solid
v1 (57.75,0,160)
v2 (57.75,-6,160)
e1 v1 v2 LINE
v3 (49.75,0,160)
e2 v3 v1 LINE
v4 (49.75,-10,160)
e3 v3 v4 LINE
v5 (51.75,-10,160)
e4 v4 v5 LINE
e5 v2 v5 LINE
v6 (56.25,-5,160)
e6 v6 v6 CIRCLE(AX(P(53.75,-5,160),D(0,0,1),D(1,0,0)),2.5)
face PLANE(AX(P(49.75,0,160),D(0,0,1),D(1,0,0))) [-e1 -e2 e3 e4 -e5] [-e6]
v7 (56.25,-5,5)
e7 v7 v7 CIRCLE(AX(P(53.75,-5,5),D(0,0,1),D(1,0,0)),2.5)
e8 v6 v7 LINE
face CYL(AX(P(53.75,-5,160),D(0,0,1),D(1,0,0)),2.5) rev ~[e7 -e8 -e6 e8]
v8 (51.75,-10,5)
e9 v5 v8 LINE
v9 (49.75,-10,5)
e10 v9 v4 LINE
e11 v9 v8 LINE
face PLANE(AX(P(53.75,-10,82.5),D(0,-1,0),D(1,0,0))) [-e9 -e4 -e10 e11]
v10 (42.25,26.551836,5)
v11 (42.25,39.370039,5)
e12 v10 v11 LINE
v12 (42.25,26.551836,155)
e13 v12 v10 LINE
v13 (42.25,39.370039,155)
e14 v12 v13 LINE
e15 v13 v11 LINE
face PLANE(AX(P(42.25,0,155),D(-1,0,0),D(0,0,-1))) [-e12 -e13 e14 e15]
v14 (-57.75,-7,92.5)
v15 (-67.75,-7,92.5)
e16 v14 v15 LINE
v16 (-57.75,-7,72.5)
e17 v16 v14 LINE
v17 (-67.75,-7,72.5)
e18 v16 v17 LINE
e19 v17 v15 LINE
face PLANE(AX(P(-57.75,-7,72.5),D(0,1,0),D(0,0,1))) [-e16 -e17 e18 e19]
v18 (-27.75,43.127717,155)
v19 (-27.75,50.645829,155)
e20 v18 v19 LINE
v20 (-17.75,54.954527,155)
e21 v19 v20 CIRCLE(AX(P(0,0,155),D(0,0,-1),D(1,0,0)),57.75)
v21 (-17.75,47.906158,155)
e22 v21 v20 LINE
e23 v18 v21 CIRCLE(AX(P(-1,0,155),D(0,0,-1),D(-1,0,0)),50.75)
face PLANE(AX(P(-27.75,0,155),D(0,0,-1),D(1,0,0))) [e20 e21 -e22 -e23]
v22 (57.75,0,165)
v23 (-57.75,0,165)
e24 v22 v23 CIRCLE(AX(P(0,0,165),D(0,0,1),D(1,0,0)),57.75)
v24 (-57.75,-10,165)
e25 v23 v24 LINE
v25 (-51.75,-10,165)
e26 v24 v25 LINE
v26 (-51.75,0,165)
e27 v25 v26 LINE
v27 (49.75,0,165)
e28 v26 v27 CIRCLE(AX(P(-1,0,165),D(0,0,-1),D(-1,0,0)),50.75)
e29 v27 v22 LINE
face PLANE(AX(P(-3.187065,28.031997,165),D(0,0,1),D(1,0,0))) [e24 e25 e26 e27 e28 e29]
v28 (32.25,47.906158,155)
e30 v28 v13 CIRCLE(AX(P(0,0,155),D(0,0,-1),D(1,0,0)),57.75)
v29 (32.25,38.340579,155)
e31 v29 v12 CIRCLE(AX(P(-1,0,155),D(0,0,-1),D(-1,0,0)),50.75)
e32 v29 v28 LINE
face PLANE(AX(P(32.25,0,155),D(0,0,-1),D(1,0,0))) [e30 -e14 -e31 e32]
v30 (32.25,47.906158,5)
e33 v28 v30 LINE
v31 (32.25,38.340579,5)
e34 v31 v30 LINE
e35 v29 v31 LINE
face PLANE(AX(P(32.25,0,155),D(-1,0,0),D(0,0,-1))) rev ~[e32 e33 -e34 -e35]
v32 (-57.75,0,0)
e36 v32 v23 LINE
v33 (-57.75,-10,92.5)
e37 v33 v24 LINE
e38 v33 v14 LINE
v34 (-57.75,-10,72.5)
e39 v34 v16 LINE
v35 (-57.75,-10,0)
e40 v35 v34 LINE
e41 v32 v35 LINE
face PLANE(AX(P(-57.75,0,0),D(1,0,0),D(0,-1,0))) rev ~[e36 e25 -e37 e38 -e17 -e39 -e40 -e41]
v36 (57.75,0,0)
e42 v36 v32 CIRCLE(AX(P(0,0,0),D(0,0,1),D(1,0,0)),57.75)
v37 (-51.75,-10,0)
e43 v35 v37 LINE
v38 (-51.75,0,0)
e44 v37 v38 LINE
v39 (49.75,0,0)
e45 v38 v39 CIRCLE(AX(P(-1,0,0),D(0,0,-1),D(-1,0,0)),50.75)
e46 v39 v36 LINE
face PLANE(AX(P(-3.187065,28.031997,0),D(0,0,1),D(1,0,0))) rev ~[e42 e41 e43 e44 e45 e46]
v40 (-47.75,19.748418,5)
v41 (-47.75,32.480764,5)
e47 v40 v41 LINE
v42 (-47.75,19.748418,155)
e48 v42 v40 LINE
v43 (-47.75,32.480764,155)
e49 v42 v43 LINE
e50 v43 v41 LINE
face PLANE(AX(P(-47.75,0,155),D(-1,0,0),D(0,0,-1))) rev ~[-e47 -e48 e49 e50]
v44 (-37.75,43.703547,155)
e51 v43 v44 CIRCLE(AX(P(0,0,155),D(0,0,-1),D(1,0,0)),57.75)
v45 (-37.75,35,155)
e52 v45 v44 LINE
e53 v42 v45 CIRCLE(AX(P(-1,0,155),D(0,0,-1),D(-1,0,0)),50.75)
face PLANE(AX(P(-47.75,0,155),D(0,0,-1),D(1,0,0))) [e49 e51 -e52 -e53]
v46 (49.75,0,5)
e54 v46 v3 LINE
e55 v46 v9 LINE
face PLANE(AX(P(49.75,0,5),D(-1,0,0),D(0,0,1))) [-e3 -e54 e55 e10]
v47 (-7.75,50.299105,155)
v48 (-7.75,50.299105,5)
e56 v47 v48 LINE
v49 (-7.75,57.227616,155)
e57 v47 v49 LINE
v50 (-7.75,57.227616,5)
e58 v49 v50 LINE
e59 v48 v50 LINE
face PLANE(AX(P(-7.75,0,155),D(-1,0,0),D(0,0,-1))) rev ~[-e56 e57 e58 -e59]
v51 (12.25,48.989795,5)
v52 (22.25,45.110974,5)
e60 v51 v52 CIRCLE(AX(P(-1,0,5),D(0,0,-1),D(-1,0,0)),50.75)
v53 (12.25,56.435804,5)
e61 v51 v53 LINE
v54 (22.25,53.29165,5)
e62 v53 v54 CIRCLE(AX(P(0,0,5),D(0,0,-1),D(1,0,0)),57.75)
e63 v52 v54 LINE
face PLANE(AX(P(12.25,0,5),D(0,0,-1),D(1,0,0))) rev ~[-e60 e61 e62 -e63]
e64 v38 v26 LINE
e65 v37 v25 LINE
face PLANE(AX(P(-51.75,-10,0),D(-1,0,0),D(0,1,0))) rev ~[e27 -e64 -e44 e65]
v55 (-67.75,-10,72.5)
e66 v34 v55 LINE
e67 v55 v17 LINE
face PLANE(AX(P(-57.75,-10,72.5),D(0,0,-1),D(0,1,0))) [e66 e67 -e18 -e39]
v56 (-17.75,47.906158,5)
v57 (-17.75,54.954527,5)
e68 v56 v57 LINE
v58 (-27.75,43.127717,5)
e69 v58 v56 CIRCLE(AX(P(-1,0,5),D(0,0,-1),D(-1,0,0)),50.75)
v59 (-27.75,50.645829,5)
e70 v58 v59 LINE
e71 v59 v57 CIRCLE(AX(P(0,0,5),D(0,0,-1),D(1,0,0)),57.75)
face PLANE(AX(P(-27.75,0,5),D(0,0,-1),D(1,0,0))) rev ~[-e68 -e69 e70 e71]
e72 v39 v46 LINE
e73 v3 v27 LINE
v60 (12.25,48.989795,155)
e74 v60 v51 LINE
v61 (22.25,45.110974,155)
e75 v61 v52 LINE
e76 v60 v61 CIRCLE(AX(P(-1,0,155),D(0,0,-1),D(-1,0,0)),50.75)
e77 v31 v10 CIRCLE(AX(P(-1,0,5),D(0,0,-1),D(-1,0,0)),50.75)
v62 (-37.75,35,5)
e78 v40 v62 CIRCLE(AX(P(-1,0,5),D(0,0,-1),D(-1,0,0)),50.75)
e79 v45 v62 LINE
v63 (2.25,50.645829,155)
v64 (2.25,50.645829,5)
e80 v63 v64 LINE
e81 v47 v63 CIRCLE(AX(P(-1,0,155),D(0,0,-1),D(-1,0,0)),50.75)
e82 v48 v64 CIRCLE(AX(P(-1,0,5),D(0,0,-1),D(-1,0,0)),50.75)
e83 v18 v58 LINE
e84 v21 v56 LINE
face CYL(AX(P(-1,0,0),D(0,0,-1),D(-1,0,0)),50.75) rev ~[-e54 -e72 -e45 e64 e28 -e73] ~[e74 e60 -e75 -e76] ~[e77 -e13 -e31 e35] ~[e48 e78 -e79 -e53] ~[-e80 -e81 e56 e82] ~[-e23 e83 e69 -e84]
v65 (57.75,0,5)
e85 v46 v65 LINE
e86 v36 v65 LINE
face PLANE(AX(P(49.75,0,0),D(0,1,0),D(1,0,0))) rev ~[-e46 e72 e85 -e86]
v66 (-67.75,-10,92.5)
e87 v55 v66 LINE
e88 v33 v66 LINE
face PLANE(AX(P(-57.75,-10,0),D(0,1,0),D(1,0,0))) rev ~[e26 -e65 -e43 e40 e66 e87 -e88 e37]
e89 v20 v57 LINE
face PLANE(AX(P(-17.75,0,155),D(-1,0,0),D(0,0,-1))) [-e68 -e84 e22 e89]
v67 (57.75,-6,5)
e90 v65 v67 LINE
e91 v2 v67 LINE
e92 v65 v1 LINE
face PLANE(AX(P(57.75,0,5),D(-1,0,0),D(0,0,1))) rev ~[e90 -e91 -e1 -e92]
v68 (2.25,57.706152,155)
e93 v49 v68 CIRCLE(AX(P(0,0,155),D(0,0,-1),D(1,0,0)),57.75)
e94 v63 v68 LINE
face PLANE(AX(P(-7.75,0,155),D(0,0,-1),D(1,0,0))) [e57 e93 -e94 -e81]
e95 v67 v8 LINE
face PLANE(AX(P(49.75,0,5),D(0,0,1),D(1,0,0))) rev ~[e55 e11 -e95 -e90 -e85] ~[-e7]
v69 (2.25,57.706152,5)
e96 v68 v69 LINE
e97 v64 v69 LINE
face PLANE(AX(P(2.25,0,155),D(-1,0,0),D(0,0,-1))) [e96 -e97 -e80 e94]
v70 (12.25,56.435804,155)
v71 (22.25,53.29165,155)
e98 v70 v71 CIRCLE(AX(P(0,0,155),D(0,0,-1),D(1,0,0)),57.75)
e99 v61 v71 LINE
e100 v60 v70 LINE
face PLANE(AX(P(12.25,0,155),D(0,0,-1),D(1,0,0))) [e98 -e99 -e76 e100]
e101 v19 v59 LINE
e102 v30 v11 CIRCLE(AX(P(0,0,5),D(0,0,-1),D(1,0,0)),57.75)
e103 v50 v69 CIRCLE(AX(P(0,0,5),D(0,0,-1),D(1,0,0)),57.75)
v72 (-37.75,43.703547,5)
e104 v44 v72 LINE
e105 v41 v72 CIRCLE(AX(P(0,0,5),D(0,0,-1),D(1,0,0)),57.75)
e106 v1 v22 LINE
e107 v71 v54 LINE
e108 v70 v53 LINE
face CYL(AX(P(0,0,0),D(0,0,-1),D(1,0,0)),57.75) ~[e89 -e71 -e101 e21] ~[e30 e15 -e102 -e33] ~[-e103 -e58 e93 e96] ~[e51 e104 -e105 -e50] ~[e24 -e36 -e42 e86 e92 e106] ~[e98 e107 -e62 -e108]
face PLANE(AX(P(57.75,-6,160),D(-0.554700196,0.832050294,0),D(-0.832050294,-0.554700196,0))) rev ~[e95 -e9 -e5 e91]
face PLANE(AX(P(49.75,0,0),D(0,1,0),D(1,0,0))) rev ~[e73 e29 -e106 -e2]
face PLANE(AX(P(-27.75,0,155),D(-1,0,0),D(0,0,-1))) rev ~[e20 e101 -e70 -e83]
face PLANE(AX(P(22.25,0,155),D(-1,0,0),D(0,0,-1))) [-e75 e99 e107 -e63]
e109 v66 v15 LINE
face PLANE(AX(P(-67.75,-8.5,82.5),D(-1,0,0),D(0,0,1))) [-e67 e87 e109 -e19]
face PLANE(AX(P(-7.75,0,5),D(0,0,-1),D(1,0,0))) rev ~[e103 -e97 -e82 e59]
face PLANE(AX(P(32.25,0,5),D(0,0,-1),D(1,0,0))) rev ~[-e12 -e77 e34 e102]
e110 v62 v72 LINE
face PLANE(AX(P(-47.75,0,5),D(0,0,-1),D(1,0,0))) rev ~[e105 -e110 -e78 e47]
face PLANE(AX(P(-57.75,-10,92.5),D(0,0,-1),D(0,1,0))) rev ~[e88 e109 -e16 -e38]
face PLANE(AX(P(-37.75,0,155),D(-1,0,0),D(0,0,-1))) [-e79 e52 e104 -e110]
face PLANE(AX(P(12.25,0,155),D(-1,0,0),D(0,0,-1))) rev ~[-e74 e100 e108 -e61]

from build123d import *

# Parameters (mm, degrees)
EXTRUDE_1_DEPTH     = 165
SKETCH_2_W          = 10
SKETCH_2_H          = 150
CUT_EXTRUDE_1_DEPTH = 185.106287236
SKETCH_3_W          = 8
SKETCH_3_H          = 155
EXTRUDE_2_DEPTH     = 10
SKETCH_4_R          = 2.5
CUT_EXTRUDE_2_DEPTH = 180.638873855
SKETCH_5_W          = 20
SKETCH_5_H          = 3
EXTRUDE_3_DEPTH     = 10
CUT_EXTRUDE_3_DEPTH = 184.098675582


with BuildPart() as part:
    # 草圖1 → 填料-伸長1 (new body)
    with BuildSketch(Plane.XY):
        with BuildLine():
            Line((-57.75, 0), (-57.75, -10))
            Line((-57.75, -10), (-51.75, -10))
            Line((-51.75, -10), (-51.75, 0))
            ThreePointArc((-51.75, 0), (-1, 50.75), (49.75, 0))
            Line((49.75, 0), (57.75, 0))
            ThreePointArc((57.75, 0), (0, 57.75), (-57.75, 0))
        make_face()
    extrude(amount=EXTRUDE_1_DEPTH)

    # 草圖2 → 除料-伸長1 (cut, through all)
    with BuildSketch(Plane(origin=(0, 0, 0), x_dir=(1, 0, 0), z_dir=(0, 1, 0))):
        with Locations((-42.75, -80)):
            Rectangle(SKETCH_2_W, SKETCH_2_H)
        with Locations((-22.75, -80)):
            Rectangle(SKETCH_2_W, SKETCH_2_H)
        with Locations((-2.75, -80)):
            Rectangle(SKETCH_2_W, SKETCH_2_H)
        with Locations((17.25, -80)):
            Rectangle(SKETCH_2_W, SKETCH_2_H)
        with Locations((37.25, -80)):
            Rectangle(SKETCH_2_W, SKETCH_2_H)
    extrude(amount=CUT_EXTRUDE_1_DEPTH, mode=Mode.SUBTRACT)

    # 草圖3 → 填料-伸長2 (add)
    with BuildSketch(Plane.XZ):
        with Locations((53.75, 82.5)):
            Rectangle(SKETCH_3_W, SKETCH_3_H)
    extrude(amount=EXTRUDE_2_DEPTH)

    # 草圖4 → 除料-伸長2 (cut, through all)
    with BuildSketch(Plane.XY.offset(160)):
        with Locations((53.75, -5)):
            Circle(SKETCH_4_R)
    extrude(amount=-CUT_EXTRUDE_2_DEPTH, mode=Mode.SUBTRACT)

    # 草圖5 → 填料-伸長3 (add)
    with BuildSketch(Plane.ZY.offset(57.75)):
        with Locations((82.5, -8.5)):
            Rectangle(SKETCH_5_W, SKETCH_5_H)
    extrude(amount=EXTRUDE_3_DEPTH)

    # 草圖6 → 除料-伸長3 (cut, through all)
    with BuildSketch(Plane.XY.offset(160)):
        Polygon((57.75, -10), (57.75, -6), (51.75, -10), align=None)
    extrude(amount=-CUT_EXTRUDE_3_DEPTH, mode=Mode.SUBTRACT)


solid = part.part
